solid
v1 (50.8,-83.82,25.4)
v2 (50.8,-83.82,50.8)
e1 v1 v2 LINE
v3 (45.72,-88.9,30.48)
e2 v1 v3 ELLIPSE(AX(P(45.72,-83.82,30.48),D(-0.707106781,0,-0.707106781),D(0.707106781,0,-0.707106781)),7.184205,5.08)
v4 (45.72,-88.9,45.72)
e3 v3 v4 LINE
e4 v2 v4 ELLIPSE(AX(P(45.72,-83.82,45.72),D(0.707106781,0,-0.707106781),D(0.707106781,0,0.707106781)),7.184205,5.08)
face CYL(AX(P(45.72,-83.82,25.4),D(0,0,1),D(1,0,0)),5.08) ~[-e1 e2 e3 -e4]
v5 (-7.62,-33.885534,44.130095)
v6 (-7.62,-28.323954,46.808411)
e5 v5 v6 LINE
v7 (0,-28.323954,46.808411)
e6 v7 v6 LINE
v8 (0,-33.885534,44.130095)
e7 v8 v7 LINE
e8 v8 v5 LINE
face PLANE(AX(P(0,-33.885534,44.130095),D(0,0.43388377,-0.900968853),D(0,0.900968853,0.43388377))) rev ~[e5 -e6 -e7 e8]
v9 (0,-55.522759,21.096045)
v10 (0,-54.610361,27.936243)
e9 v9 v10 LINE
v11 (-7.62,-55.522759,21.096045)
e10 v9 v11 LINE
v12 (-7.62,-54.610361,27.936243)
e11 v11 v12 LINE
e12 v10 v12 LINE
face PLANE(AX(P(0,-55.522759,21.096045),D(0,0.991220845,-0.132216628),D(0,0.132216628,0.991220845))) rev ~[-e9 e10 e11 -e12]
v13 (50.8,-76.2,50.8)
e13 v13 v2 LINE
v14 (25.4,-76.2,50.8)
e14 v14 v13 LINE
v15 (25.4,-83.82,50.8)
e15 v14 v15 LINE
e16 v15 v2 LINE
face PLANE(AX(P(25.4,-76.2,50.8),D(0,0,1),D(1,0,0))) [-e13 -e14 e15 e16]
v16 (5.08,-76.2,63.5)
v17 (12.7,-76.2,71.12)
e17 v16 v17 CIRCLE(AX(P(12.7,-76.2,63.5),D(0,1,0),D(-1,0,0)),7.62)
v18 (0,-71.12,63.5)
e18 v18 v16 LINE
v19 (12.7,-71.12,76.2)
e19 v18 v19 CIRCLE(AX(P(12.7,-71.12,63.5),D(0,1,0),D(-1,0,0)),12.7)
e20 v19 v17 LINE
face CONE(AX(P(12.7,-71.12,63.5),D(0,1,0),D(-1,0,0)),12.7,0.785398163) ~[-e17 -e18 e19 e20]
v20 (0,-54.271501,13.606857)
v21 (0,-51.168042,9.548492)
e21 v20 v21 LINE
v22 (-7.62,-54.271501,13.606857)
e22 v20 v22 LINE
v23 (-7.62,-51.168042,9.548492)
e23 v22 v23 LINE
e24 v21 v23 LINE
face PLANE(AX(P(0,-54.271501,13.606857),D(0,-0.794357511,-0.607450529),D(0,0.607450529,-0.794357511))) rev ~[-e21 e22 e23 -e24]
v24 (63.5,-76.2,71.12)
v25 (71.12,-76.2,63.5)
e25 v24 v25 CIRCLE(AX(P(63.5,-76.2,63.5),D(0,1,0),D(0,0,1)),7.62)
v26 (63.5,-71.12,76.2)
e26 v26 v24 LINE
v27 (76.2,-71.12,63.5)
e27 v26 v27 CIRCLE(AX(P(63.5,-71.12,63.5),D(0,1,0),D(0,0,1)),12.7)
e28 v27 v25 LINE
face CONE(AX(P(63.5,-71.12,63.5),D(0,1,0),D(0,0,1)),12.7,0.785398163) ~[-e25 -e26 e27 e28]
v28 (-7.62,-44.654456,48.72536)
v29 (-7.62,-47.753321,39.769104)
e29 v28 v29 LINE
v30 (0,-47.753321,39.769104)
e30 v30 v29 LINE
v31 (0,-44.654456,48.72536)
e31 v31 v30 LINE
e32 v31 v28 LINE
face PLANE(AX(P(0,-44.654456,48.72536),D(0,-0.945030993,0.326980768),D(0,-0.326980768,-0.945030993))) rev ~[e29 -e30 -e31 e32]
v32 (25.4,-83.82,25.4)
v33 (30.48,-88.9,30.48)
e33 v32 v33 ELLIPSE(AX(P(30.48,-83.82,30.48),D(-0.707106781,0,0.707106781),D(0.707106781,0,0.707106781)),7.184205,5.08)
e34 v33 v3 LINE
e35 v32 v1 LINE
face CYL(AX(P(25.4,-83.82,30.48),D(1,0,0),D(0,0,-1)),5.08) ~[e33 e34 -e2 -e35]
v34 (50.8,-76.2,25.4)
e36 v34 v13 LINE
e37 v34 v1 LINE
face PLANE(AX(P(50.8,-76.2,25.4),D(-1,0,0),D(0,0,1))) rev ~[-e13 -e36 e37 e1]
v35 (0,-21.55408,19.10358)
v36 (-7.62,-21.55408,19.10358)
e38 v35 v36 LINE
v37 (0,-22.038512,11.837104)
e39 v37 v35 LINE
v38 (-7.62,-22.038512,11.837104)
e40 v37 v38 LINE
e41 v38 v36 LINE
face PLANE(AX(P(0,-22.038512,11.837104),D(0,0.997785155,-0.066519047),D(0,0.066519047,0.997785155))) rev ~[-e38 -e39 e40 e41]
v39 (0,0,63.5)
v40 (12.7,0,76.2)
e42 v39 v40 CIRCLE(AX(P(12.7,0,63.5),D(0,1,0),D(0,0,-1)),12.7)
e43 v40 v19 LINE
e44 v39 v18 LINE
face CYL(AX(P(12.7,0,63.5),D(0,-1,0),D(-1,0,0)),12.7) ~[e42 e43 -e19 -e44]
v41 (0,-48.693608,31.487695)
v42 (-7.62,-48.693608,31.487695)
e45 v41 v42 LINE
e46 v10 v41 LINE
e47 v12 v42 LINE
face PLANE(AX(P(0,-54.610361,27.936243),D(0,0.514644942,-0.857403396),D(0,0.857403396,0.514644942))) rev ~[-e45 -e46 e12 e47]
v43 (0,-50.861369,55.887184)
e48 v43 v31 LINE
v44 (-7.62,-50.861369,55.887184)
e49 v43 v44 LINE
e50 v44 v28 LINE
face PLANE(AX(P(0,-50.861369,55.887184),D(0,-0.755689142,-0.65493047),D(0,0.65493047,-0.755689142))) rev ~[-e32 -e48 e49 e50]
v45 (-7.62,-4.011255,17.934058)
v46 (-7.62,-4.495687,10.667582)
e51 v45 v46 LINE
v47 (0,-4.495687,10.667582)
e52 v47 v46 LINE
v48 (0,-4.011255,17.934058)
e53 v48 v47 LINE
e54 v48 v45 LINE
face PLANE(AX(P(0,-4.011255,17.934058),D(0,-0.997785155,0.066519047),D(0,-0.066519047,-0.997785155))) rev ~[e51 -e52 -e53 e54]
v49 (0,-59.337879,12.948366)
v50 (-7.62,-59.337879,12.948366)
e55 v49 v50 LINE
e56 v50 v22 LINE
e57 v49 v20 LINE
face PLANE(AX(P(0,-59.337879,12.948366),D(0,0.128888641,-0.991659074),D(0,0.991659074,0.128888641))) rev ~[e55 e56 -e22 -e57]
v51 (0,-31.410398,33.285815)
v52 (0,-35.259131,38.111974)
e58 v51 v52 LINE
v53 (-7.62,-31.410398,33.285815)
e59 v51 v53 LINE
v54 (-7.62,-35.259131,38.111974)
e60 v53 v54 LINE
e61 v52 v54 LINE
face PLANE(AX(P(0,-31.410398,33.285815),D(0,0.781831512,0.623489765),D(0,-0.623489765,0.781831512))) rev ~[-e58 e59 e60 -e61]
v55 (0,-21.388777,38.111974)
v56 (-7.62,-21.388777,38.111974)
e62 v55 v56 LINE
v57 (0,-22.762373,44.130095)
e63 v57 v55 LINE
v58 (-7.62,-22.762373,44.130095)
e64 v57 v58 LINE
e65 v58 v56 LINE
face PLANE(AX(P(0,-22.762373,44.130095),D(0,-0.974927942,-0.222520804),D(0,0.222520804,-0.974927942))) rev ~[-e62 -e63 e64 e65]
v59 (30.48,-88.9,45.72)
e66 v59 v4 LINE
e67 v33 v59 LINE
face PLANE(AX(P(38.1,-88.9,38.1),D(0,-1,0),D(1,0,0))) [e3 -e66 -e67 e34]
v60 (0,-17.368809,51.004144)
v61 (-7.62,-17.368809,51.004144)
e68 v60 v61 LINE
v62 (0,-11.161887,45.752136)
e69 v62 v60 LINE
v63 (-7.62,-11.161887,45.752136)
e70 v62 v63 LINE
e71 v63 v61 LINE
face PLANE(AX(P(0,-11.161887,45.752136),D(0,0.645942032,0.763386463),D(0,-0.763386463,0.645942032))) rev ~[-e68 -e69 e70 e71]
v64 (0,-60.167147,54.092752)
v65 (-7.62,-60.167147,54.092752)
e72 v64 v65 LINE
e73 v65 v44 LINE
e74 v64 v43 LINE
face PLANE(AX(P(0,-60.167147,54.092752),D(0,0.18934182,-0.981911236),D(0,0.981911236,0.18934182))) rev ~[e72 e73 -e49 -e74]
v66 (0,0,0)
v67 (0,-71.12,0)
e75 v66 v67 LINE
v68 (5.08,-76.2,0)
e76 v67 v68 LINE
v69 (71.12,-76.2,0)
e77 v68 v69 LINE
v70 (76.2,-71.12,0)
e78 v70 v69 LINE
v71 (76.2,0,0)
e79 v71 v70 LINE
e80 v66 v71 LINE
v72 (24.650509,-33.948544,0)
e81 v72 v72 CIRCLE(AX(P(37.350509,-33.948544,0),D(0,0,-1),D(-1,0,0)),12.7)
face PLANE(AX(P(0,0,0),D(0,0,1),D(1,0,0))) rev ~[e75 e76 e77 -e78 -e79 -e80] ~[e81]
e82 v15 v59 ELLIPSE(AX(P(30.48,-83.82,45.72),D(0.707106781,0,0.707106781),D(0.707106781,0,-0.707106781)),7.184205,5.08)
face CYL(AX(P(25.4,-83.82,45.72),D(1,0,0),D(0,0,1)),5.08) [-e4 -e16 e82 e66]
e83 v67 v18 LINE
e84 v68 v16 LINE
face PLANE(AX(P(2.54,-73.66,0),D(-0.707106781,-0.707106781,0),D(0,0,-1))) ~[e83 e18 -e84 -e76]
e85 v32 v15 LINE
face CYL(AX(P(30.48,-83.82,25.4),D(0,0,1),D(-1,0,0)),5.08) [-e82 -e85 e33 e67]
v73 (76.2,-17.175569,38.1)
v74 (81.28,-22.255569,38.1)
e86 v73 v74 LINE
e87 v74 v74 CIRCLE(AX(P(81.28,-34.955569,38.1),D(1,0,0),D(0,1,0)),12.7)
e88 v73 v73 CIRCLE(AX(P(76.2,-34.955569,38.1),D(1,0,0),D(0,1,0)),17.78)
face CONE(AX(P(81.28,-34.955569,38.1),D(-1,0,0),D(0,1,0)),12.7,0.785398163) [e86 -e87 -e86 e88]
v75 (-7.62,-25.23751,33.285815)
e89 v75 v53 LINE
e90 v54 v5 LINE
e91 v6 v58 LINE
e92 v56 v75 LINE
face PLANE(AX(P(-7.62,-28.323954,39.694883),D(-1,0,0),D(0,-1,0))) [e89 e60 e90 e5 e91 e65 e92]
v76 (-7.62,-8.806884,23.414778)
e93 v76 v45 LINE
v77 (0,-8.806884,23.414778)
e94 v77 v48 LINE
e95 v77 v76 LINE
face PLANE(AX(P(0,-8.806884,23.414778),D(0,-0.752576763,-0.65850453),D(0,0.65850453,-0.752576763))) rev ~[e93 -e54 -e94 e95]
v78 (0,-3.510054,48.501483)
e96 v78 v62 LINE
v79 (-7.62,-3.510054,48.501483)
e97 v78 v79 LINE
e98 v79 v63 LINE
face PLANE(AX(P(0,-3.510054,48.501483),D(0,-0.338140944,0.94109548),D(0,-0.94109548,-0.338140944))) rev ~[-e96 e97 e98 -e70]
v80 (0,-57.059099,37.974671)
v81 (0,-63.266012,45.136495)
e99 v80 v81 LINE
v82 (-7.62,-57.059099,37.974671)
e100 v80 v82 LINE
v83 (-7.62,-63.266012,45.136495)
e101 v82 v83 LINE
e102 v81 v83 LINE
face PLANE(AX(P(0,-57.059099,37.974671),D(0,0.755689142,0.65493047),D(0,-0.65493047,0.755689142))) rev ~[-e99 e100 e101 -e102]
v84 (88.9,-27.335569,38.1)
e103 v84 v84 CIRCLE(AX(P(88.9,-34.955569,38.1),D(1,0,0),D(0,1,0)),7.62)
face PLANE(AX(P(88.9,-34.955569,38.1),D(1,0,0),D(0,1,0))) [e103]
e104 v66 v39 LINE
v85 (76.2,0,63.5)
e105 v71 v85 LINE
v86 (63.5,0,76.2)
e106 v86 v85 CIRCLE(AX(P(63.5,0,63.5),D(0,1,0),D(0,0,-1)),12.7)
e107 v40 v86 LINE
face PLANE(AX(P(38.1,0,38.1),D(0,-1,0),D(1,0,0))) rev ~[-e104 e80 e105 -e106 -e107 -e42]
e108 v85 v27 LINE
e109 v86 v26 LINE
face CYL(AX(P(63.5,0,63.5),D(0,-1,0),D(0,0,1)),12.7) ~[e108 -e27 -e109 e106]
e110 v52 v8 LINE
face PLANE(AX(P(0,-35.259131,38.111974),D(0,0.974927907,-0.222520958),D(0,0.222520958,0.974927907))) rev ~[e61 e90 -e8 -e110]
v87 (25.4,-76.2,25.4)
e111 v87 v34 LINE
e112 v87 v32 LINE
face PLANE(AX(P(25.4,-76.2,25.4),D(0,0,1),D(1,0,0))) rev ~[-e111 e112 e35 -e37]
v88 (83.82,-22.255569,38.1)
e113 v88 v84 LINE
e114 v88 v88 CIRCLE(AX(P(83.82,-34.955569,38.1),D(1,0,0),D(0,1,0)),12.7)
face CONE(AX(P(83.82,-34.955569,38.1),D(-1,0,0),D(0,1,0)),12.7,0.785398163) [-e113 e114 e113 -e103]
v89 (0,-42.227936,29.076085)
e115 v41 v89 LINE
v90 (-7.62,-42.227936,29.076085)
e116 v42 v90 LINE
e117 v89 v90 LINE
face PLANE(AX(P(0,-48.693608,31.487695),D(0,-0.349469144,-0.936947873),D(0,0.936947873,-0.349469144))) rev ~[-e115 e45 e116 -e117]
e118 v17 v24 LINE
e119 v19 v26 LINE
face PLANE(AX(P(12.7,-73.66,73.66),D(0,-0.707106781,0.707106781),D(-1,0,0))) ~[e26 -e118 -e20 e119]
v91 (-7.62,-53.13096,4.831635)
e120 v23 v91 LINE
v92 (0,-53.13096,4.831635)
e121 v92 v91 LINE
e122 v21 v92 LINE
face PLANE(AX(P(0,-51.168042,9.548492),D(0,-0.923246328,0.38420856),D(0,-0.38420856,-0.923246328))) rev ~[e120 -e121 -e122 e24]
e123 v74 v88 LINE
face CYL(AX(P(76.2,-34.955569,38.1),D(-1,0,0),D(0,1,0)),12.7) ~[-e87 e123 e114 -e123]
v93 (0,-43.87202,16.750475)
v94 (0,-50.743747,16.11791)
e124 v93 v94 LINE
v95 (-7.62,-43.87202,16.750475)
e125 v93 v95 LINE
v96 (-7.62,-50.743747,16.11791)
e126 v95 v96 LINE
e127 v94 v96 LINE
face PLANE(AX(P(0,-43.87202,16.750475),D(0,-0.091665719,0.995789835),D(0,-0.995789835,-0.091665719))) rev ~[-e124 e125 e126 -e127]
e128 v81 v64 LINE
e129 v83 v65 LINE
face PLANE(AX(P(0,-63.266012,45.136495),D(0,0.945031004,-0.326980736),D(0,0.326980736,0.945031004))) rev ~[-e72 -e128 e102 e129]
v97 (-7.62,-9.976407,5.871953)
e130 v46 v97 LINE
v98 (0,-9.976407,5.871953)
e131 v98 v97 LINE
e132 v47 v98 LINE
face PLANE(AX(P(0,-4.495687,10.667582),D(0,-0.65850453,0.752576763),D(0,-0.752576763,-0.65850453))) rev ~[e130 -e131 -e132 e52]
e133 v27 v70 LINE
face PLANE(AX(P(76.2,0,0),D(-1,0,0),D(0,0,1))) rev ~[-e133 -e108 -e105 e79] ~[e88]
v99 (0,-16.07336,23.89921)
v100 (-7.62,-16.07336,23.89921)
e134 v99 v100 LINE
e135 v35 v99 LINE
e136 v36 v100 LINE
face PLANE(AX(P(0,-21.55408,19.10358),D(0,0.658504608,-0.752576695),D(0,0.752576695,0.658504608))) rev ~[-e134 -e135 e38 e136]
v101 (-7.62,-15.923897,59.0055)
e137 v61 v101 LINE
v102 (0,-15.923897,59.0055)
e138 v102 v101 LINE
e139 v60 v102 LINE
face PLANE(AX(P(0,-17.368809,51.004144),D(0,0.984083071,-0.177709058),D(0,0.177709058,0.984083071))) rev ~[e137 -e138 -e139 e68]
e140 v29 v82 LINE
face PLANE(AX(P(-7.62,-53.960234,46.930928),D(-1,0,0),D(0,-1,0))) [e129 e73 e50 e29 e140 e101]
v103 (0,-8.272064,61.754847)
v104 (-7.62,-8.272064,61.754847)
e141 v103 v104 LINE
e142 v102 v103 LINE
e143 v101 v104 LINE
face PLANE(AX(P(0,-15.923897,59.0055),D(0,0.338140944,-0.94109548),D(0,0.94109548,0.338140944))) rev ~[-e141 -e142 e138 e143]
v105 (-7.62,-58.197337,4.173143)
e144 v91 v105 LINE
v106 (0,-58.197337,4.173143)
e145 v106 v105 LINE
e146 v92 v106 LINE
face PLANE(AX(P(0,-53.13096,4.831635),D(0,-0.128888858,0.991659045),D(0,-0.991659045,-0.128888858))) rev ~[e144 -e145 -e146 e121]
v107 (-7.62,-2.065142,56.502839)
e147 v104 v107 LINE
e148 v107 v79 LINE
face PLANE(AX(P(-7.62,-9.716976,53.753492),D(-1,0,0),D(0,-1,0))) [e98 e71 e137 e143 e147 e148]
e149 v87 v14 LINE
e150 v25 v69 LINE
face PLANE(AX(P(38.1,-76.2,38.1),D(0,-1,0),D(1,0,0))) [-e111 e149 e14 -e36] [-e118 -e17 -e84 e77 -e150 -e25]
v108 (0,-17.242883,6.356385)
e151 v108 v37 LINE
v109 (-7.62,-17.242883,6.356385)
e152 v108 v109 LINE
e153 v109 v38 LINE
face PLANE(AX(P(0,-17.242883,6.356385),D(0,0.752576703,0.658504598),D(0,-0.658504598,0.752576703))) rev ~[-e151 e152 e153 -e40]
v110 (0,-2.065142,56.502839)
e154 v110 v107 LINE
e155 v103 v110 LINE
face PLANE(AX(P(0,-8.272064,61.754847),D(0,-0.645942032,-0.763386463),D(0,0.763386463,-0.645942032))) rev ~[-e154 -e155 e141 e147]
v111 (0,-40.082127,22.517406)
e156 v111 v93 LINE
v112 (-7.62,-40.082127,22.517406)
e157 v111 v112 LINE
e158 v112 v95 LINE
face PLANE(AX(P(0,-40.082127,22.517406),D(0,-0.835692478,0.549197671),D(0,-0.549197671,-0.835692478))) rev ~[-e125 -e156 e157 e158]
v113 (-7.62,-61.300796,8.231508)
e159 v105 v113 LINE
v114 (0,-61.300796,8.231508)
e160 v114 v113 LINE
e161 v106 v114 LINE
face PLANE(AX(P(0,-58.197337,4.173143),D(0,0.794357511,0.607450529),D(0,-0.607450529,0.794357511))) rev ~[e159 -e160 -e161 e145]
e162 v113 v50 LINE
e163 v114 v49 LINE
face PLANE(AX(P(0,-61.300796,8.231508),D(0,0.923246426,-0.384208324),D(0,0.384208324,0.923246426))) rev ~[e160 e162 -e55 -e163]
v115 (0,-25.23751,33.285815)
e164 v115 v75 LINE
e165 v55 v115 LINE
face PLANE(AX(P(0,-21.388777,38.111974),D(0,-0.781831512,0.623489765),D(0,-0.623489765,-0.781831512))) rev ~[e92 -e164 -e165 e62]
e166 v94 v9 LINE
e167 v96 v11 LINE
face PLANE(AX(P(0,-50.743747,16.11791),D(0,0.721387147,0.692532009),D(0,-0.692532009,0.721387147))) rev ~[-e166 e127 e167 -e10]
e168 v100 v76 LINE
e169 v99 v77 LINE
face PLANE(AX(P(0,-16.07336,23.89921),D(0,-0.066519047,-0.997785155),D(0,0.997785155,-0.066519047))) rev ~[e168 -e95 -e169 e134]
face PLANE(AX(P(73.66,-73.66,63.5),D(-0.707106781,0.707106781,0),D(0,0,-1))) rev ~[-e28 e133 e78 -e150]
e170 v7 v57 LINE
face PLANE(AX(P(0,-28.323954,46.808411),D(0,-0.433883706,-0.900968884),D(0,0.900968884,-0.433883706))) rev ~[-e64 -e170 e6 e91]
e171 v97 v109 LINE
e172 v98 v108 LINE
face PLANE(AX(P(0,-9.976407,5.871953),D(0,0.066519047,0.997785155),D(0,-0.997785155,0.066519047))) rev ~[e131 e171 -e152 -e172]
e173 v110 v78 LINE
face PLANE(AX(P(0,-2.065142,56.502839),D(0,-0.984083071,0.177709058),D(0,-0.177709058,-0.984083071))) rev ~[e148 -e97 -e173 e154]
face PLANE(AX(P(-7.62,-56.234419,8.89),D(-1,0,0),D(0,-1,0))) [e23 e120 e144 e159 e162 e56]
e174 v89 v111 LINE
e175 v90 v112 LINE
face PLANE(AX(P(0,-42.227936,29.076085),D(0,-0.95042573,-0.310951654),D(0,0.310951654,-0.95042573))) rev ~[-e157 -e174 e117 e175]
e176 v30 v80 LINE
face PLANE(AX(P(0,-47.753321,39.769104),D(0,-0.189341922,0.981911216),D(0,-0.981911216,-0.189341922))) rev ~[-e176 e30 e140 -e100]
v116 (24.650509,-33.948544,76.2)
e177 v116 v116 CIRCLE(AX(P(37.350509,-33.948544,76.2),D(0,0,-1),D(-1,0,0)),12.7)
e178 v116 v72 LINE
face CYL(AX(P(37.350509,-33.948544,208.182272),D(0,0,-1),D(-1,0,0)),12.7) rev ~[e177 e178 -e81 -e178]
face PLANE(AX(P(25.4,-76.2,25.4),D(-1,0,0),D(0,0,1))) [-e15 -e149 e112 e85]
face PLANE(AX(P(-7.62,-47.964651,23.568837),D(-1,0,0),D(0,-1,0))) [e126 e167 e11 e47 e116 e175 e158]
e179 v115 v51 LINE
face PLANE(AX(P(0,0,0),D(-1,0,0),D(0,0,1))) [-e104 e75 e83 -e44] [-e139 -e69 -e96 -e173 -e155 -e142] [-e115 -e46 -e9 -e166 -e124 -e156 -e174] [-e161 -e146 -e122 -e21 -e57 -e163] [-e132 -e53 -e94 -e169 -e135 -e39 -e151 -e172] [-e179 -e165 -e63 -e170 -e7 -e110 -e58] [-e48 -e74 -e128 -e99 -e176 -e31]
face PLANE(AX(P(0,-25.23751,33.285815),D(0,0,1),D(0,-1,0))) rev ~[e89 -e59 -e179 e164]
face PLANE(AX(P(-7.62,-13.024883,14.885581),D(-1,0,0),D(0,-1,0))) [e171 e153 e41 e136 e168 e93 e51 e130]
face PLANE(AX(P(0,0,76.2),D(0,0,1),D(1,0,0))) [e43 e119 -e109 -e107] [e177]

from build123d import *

# Parameters (mm, degrees)
F0_W      = 76.2
F0_H      = 76.2
F1_DEPTH  = 76.2
F3_D      = 25.4
F4_W      = 25.4
F4_H      = 25.4
F5_DEPTH  = 12.7
F6_R      = 12.7
F7_DEPTH  = 12.7
F8_R      = 12.7
F9_R      = 12.7
F10_SIZE  = 5.08
F11_SIZE  = 5.08
F12_R     = 5.08
F14_DEPTH = 7.62
F16_DEPTH = 7.62
F18_DEPTH = 7.62
F20_DEPTH = 7.62
F22_DEPTH = 7.62
F24_DEPTH = 7.62


with BuildPart() as f1:
    # F0 (on Front) → F1 (new body)
    with BuildSketch(Plane.XZ):
        with Locations((38.1, 38.1)):
            Rectangle(F0_W, F0_H)
    extrude(amount=F1_DEPTH)

    # F3 (through all)
    with Locations(Plane.XY.offset(76.2)):
        with Locations((37.350509, -33.948544)):
            Hole(F3_D / 2)

    # F4 (on face) → F5 (join)
    with BuildSketch(Plane.XZ.offset(76.2)):
        with Locations((38.1, 38.1)):
            Rectangle(F4_W, F4_H)
    extrude(amount=F5_DEPTH)

    # F6 (on face) → F7 (join)
    with BuildSketch(Plane.YZ.offset(76.2)):
        with Locations((-34.955569, 38.1)):
            Circle(F6_R)
    extrude(amount=F7_DEPTH)

    # F8
    f8_edges = [f1.edges().sort_by_distance(p)[0] for p in [
        (0, -38.1, 76.2),
    ]]
    fillet(f8_edges, radius=F8_R)

    # F9
    f9_edges = [f1.edges().sort_by_distance(p)[0] for p in [
        (76.2, -38.1, 76.2),
    ]]
    fillet(f9_edges, radius=F9_R)

    # F10
    f10_edges = [f1.edges().sort_by_distance(p)[0] for p in [
        (0, -76.2, 31.75),
    ]]
    chamfer(f10_edges, length=F10_SIZE)

    # F11
    f11_edges = [f1.edges().sort_by_distance(p)[0] for p in [
        (82.55, -22.255569, 38.1),
        (76.2, -47.655569, 38.1),
        (88.9, -47.655569, 38.1),
    ]]
    chamfer(f11_edges, length=F11_SIZE)

    # F12
    f12_edges = [f1.edges().sort_by_distance(p)[0] for p in [
        (38.1, -88.9, 50.8),
        (25.4, -88.9, 38.1),
        (38.1, -88.9, 25.4),
        (50.8, -88.9, 38.1),
    ]]
    fillet(f12_edges, radius=F12_R)

    # F13 (on face) → F14 (join)
    with BuildSketch(Plane(origin=(0, 0, 0), x_dir=(0, -1, 0), z_dir=(-1, 0, 0))):
        Polygon((25.23751, 33.285815), (31.410398, 33.285815), (35.259131, 38.111974), (33.885534, 44.130095), (28.323954, 46.808411), (22.762373, 44.130095), (21.388777, 38.111974), align=None)
    extrude(amount=F14_DEPTH)

    # F15 (on face) → F16 (join)
    with BuildSketch(Plane(origin=(0, 0, 0), x_dir=(0, -1, 0), z_dir=(-1, 0, 0))):
        Polygon((50.743747, 16.11791), (55.522759, 21.096045), (54.610361, 27.936243), (48.693608, 31.487695), (42.227936, 29.076085), (40.082127, 22.517406), (43.87202, 16.750475), align=None)
    extrude(amount=F16_DEPTH)

    # F17 (on face) → F18 (join)
    with BuildSketch(Plane(origin=(0, 0, 0), x_dir=(0, -1, 0), z_dir=(-1, 0, 0))):
        Polygon((57.059099, 37.974671), (63.266012, 45.136495), (60.167147, 54.092752), (50.861369, 55.887184), (44.654456, 48.72536), (47.753321, 39.769104), align=None)
    extrude(amount=F18_DEPTH)

    # F19 (on face) → F20 (join)
    with BuildSketch(Plane(origin=(0, 0, 0), x_dir=(0, -1, 0), z_dir=(-1, 0, 0))):
        Polygon((17.242883, 6.356385), (22.038512, 11.837104), (21.55408, 19.10358), (16.07336, 23.89921), (8.806884, 23.414778), (4.011255, 17.934058), (4.495687, 10.667582), (9.976407, 5.871953), align=None)
    extrude(amount=F20_DEPTH)

    # F21 (on face) → F22 (join)
    with BuildSketch(Plane(origin=(0, 0, 0), x_dir=(0, -1, 0), z_dir=(-1, 0, 0))):
        Polygon((11.161887, 45.752136), (17.368809, 51.004144), (15.923897, 59.0055), (8.272064, 61.754847), (2.065142, 56.502839), (3.510054, 48.501483), align=None)
    extrude(amount=F22_DEPTH)

    # F23 (on face) → F24 (join)
    with BuildSketch(Plane(origin=(0, 0, 0), x_dir=(0, -1, 0), z_dir=(-1, 0, 0))):
        Polygon((58.197337, 4.173143), (61.300796, 8.231508), (59.337879, 12.948366), (54.271501, 13.606857), (51.168042, 9.548492), (53.13096, 4.831635), align=None)
    extrude(amount=F24_DEPTH)


solid = f1.part
